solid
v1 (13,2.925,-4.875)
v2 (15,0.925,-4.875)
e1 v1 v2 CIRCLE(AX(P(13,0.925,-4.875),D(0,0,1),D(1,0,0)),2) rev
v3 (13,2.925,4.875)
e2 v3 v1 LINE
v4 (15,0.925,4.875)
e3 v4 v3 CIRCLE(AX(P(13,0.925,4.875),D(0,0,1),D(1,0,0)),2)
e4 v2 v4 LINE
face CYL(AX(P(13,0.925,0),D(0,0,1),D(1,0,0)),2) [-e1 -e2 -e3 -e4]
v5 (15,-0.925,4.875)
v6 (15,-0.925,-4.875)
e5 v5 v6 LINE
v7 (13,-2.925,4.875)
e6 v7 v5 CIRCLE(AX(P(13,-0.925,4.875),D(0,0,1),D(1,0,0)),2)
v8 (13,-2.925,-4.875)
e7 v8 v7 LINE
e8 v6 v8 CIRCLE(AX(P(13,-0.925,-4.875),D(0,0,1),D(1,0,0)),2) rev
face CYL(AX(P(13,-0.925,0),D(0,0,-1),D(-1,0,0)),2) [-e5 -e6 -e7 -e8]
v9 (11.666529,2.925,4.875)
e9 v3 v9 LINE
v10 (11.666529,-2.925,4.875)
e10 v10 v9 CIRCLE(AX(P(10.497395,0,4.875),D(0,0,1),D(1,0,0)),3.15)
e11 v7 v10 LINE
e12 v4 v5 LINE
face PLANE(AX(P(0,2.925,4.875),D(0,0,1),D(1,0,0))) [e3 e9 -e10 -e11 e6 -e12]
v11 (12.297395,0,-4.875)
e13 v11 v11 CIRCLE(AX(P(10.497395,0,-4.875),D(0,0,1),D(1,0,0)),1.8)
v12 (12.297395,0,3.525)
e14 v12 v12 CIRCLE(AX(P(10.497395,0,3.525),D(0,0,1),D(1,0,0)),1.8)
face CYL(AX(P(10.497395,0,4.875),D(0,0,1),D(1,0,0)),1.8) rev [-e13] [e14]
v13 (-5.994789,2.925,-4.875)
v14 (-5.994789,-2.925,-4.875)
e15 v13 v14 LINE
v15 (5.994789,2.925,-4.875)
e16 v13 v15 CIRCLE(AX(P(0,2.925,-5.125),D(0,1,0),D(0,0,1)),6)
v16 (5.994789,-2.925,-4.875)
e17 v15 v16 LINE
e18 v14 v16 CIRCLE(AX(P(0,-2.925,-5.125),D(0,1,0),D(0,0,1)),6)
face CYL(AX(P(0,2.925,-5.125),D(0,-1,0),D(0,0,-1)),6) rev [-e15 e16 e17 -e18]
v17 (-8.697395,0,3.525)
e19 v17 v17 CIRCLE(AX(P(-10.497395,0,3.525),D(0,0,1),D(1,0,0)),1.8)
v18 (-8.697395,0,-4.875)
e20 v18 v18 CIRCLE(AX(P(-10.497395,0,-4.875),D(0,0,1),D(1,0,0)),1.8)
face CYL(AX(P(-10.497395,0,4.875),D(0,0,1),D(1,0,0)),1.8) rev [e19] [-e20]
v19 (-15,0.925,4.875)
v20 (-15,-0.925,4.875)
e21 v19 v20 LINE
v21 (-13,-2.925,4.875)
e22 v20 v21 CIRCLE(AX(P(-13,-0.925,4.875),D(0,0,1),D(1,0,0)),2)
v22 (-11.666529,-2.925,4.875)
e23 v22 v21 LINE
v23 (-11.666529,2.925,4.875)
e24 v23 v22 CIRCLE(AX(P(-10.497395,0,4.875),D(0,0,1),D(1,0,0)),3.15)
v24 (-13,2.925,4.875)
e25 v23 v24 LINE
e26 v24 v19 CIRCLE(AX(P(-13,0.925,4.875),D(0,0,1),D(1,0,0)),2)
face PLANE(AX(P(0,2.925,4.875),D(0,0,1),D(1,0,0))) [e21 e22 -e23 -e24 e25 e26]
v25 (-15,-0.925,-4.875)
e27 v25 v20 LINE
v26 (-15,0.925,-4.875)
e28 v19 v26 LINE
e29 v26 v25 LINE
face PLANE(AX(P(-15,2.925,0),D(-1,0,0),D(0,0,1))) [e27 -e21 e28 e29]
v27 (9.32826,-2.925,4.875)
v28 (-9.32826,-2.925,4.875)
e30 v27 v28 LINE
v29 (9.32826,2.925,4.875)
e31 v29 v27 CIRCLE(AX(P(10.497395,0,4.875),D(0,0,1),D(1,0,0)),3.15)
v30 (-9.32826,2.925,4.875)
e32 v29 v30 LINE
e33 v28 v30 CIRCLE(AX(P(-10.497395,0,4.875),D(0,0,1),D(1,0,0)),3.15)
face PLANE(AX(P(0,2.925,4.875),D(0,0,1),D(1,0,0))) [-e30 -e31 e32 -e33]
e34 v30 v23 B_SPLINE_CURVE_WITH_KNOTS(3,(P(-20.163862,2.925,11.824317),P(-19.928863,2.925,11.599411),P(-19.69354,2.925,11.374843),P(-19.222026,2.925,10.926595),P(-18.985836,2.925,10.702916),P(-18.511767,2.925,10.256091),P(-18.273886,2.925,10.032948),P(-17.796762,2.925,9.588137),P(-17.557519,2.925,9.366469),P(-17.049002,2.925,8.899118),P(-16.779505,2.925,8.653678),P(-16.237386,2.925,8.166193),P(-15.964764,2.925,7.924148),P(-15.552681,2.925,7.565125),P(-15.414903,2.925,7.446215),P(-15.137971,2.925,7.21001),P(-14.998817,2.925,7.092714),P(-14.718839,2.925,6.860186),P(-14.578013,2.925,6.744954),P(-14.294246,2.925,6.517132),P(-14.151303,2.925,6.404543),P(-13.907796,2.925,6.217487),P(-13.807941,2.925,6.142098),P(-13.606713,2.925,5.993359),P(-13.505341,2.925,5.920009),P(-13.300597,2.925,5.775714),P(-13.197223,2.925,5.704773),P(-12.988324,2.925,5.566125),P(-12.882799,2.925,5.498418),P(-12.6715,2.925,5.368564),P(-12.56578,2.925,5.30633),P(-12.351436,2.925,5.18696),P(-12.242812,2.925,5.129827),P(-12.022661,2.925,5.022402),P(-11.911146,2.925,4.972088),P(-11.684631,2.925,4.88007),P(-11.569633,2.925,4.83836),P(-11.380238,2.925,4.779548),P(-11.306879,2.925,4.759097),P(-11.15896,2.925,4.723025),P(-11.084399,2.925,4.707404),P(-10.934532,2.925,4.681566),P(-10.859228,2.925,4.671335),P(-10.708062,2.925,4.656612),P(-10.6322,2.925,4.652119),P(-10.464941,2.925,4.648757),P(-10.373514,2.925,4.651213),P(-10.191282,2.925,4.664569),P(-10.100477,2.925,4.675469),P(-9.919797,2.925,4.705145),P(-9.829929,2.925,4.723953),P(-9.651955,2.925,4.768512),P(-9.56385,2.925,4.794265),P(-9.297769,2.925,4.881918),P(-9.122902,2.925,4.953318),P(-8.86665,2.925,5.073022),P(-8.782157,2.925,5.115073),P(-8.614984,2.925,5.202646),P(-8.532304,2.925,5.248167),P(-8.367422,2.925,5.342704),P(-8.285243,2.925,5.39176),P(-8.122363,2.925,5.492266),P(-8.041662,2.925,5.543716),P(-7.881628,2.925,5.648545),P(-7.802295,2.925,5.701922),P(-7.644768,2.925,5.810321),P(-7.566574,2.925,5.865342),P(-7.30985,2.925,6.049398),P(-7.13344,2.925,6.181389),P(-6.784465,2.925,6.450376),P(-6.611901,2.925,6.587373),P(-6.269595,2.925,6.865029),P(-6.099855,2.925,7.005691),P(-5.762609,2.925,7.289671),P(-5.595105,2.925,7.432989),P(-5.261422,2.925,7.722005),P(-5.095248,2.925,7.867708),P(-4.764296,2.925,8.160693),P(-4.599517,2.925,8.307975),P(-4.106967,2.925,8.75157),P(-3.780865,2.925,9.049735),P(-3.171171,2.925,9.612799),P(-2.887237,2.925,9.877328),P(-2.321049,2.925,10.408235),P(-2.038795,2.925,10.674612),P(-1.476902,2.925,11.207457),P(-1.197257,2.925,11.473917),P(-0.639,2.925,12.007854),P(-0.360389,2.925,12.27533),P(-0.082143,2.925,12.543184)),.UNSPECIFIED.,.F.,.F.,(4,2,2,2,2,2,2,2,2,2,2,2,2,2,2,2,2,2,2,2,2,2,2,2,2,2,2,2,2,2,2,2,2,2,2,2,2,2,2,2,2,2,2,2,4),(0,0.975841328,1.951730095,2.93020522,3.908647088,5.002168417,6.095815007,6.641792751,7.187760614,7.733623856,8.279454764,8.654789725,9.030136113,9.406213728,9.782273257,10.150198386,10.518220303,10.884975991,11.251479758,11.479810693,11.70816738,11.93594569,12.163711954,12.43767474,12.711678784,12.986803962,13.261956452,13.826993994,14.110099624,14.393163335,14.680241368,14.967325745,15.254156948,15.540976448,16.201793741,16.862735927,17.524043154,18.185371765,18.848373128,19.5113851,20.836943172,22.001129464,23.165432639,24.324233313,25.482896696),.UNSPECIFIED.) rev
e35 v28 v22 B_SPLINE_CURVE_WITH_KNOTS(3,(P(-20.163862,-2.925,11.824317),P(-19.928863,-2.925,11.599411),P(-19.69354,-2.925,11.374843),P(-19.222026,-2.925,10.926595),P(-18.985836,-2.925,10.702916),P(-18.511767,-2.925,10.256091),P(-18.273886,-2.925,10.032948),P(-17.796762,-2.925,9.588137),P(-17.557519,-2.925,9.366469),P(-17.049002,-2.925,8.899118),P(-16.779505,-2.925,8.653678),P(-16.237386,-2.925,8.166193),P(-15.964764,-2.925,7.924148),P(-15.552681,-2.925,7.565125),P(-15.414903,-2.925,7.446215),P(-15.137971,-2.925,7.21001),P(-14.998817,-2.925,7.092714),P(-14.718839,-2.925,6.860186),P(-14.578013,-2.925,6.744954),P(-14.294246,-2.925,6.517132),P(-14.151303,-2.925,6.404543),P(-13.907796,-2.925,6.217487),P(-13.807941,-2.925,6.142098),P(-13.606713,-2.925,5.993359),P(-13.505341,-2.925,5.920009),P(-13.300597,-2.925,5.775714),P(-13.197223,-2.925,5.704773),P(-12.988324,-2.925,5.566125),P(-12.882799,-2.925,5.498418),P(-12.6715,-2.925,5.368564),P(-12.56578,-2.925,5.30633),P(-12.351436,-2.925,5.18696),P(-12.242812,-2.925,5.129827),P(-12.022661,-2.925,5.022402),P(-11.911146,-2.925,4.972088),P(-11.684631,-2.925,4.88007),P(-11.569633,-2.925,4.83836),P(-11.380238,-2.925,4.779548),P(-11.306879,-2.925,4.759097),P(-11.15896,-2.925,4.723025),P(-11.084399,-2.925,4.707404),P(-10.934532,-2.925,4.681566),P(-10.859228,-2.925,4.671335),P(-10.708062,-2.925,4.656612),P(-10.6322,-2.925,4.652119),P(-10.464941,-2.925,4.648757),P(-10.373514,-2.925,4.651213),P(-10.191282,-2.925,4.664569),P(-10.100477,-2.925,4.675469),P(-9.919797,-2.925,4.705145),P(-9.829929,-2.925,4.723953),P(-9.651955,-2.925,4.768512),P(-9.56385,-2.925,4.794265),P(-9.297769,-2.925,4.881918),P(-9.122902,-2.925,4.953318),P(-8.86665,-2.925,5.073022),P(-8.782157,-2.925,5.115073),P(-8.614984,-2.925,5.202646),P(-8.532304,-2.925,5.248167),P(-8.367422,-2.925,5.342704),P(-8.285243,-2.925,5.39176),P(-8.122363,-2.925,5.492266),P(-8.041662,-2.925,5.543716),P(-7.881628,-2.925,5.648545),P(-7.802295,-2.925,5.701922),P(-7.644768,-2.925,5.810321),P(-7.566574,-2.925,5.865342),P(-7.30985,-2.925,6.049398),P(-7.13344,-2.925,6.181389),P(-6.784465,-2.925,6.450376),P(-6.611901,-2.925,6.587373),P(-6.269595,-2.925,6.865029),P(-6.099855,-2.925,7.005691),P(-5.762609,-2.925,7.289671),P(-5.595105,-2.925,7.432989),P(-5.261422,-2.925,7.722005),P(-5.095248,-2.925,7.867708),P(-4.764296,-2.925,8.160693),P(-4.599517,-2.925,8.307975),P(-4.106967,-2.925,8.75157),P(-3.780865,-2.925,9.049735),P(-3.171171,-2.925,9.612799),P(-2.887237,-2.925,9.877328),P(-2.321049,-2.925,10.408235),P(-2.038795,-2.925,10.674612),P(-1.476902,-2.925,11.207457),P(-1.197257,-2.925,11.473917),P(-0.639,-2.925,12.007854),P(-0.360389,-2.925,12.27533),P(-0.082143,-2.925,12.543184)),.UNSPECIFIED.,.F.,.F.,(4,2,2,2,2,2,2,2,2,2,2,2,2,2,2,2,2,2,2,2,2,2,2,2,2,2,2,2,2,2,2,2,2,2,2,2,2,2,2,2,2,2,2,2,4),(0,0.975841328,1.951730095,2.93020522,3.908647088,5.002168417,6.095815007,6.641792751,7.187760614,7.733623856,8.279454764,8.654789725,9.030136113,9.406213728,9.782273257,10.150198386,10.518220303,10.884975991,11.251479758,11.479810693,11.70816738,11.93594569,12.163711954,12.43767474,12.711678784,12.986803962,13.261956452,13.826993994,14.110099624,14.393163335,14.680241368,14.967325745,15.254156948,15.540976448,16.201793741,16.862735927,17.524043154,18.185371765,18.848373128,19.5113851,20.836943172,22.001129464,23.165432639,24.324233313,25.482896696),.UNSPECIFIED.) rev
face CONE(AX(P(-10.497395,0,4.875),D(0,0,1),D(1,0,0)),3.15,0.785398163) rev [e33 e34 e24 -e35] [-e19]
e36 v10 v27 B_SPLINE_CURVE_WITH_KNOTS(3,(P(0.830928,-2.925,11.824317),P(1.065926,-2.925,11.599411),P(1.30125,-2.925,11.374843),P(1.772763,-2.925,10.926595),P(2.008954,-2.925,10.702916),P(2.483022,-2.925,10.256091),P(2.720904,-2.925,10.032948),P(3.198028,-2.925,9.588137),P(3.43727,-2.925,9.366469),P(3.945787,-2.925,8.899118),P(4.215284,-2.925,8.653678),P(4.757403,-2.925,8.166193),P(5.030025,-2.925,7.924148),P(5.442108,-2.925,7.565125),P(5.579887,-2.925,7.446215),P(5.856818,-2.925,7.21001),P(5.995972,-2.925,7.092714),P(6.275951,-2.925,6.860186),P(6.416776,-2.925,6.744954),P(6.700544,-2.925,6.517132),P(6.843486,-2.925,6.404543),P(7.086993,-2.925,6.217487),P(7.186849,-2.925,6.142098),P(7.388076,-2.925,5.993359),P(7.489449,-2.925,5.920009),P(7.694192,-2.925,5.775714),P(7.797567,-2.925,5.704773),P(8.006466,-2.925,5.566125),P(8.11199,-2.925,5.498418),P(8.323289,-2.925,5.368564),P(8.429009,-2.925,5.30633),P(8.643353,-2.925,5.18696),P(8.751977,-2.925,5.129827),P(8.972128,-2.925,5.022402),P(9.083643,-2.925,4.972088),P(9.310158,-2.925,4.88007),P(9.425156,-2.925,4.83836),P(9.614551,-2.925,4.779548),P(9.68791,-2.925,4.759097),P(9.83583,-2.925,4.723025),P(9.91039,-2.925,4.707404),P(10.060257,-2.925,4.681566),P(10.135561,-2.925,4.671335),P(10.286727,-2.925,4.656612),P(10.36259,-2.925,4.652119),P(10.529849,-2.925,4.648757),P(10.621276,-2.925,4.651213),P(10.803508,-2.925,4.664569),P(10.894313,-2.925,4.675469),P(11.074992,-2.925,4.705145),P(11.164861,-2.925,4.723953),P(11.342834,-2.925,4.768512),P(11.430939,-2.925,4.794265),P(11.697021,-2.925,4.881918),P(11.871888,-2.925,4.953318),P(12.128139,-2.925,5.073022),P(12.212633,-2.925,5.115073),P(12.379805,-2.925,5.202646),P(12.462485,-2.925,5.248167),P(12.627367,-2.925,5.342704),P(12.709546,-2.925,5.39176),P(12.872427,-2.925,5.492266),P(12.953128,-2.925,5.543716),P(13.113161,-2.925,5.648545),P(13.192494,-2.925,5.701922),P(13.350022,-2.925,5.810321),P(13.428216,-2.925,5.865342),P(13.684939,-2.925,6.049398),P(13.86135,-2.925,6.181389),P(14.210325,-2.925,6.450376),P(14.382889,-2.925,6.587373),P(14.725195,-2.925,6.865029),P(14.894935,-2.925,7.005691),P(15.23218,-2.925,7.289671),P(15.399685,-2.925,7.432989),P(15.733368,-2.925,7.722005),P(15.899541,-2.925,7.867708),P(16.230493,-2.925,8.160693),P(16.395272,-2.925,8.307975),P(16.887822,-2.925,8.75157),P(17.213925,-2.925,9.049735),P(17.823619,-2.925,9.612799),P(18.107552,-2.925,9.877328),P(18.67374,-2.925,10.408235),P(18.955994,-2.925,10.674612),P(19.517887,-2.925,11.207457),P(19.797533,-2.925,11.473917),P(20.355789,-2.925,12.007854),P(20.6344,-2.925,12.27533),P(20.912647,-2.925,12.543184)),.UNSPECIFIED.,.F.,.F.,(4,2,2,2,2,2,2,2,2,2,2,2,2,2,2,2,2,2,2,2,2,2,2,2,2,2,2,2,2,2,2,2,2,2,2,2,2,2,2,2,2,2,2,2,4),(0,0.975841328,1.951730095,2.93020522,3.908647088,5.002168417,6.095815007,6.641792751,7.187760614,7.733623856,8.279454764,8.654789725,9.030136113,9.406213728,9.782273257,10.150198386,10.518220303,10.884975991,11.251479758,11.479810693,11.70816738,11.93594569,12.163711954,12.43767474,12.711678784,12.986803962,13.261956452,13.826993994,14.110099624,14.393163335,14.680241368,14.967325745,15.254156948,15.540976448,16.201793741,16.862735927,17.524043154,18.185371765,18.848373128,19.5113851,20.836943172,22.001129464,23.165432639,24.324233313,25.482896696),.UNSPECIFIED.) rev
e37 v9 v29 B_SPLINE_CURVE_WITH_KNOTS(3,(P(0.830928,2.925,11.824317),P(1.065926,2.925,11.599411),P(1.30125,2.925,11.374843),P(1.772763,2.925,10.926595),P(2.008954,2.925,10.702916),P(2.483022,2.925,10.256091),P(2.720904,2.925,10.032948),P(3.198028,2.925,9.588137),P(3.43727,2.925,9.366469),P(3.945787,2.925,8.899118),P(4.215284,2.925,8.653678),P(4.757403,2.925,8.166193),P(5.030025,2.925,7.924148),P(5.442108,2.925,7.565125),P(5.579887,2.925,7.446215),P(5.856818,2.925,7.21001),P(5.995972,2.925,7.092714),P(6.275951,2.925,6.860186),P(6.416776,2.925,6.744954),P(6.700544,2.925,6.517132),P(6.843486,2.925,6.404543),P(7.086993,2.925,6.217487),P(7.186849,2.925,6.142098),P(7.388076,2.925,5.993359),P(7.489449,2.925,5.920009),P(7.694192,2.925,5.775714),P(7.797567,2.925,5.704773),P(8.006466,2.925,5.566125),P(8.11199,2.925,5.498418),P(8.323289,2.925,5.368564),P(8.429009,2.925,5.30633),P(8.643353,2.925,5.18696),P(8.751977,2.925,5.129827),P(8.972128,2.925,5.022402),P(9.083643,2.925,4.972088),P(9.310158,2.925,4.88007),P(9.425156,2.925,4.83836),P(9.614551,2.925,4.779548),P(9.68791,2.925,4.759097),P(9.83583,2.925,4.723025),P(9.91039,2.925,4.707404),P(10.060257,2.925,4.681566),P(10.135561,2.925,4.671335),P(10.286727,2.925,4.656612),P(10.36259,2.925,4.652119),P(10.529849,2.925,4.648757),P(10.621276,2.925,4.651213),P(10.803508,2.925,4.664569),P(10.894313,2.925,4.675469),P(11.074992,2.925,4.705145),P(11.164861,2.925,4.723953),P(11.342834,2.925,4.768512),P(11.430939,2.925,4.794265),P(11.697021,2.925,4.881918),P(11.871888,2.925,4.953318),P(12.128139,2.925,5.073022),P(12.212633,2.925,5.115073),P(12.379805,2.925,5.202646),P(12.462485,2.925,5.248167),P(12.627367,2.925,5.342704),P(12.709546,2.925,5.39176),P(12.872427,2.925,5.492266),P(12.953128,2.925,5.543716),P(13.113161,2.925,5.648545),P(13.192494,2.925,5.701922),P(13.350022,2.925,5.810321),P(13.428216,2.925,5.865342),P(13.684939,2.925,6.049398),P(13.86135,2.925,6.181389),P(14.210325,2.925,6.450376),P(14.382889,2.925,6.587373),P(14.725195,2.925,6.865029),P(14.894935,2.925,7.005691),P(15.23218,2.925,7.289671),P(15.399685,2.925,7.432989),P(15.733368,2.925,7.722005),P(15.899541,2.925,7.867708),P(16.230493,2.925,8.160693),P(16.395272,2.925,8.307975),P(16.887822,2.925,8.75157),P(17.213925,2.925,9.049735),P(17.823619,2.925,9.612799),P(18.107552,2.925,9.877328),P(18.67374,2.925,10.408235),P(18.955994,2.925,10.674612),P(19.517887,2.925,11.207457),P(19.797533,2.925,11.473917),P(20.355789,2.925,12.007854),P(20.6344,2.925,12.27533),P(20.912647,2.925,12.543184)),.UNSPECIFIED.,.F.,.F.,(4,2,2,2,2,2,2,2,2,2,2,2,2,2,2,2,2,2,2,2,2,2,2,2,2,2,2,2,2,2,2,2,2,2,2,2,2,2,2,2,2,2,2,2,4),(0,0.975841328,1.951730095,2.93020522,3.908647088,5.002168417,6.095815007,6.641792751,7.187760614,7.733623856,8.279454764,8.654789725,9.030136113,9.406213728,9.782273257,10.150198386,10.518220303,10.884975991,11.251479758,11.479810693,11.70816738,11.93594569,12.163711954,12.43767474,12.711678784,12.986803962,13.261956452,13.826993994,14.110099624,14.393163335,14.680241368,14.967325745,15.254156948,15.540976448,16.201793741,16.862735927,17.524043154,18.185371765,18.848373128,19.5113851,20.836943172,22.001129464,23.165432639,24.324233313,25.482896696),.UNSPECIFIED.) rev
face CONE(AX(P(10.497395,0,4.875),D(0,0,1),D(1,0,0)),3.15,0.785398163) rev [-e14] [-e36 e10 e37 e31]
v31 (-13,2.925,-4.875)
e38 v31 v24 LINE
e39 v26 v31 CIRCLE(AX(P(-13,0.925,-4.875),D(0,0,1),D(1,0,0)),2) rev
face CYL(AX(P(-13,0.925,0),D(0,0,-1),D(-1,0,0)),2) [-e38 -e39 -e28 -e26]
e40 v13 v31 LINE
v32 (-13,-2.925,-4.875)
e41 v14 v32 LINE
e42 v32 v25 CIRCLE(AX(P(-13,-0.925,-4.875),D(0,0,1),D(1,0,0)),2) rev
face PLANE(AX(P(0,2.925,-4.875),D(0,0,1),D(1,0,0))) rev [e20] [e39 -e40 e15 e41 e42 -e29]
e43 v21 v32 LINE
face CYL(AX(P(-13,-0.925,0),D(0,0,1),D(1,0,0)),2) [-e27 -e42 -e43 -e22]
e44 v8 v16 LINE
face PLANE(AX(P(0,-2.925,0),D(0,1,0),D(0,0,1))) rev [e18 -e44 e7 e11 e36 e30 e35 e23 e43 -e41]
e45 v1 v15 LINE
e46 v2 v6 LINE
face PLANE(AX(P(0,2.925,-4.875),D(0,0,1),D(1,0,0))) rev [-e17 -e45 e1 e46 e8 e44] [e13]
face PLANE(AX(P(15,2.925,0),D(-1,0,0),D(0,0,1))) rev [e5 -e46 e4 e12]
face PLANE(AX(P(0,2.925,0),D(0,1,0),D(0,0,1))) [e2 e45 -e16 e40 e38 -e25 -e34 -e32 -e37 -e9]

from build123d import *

# Parameters (mm, degrees)
BOSS_EXTRUDE1_DEPTH                             = 2.925
CSK_FOR_M3_FLAT_HEAD_MACHINE_SCREW1_D           = 3.6
CSK_FOR_M3_FLAT_HEAD_MACHINE_SCREW1_CSINK_D     = 6.3
CSK_FOR_M3_FLAT_HEAD_MACHINE_SCREW1_CSINK_ANGLE = 90
FILLET1_R                                       = 2


with BuildPart() as part:
    # Sketch2 → Boss-Extrude1 (new body, symmetric)
    with BuildSketch(Plane(origin=(0, 0, 0), x_dir=(1, 0, 0), z_dir=(0, 1, 0))):
        with BuildLine():
            Line((-15, -4.875), (15, -4.875))
            Line((15, -4.875), (15, 4.875))
            Line((15, 4.875), (5.994789404, 4.875))
            ThreePointArc((5.994789404, 4.875), (0, -0.875), (-5.994789404, 4.875))
            Line((-5.994789404, 4.875), (-15, 4.875))
            Line((-15, 4.875), (-15, -4.875))
        make_face()
    extrude(amount=BOSS_EXTRUDE1_DEPTH, both=True)

    # CSK for M3 Flat Head Machine Screw1 (through all)
    with Locations(Plane.XY.offset(4.875)):
        with Locations((-10.497394702, 0), (10.497394702, 0)):
            CounterSinkHole(CSK_FOR_M3_FLAT_HEAD_MACHINE_SCREW1_D / 2, CSK_FOR_M3_FLAT_HEAD_MACHINE_SCREW1_CSINK_D / 2, counter_sink_angle=CSK_FOR_M3_FLAT_HEAD_MACHINE_SCREW1_CSINK_ANGLE)

    # Fillet1
    fillet1_edges = [part.edges().sort_by_distance(p)[0] for p in [
        (-15, 2.925, 0),
        (15, 2.925, 0),
        (15, -2.925, 0),
        (-15, -2.925, 0),
    ]]
    fillet(fillet1_edges, radius=FILLET1_R)


solid = part.part
